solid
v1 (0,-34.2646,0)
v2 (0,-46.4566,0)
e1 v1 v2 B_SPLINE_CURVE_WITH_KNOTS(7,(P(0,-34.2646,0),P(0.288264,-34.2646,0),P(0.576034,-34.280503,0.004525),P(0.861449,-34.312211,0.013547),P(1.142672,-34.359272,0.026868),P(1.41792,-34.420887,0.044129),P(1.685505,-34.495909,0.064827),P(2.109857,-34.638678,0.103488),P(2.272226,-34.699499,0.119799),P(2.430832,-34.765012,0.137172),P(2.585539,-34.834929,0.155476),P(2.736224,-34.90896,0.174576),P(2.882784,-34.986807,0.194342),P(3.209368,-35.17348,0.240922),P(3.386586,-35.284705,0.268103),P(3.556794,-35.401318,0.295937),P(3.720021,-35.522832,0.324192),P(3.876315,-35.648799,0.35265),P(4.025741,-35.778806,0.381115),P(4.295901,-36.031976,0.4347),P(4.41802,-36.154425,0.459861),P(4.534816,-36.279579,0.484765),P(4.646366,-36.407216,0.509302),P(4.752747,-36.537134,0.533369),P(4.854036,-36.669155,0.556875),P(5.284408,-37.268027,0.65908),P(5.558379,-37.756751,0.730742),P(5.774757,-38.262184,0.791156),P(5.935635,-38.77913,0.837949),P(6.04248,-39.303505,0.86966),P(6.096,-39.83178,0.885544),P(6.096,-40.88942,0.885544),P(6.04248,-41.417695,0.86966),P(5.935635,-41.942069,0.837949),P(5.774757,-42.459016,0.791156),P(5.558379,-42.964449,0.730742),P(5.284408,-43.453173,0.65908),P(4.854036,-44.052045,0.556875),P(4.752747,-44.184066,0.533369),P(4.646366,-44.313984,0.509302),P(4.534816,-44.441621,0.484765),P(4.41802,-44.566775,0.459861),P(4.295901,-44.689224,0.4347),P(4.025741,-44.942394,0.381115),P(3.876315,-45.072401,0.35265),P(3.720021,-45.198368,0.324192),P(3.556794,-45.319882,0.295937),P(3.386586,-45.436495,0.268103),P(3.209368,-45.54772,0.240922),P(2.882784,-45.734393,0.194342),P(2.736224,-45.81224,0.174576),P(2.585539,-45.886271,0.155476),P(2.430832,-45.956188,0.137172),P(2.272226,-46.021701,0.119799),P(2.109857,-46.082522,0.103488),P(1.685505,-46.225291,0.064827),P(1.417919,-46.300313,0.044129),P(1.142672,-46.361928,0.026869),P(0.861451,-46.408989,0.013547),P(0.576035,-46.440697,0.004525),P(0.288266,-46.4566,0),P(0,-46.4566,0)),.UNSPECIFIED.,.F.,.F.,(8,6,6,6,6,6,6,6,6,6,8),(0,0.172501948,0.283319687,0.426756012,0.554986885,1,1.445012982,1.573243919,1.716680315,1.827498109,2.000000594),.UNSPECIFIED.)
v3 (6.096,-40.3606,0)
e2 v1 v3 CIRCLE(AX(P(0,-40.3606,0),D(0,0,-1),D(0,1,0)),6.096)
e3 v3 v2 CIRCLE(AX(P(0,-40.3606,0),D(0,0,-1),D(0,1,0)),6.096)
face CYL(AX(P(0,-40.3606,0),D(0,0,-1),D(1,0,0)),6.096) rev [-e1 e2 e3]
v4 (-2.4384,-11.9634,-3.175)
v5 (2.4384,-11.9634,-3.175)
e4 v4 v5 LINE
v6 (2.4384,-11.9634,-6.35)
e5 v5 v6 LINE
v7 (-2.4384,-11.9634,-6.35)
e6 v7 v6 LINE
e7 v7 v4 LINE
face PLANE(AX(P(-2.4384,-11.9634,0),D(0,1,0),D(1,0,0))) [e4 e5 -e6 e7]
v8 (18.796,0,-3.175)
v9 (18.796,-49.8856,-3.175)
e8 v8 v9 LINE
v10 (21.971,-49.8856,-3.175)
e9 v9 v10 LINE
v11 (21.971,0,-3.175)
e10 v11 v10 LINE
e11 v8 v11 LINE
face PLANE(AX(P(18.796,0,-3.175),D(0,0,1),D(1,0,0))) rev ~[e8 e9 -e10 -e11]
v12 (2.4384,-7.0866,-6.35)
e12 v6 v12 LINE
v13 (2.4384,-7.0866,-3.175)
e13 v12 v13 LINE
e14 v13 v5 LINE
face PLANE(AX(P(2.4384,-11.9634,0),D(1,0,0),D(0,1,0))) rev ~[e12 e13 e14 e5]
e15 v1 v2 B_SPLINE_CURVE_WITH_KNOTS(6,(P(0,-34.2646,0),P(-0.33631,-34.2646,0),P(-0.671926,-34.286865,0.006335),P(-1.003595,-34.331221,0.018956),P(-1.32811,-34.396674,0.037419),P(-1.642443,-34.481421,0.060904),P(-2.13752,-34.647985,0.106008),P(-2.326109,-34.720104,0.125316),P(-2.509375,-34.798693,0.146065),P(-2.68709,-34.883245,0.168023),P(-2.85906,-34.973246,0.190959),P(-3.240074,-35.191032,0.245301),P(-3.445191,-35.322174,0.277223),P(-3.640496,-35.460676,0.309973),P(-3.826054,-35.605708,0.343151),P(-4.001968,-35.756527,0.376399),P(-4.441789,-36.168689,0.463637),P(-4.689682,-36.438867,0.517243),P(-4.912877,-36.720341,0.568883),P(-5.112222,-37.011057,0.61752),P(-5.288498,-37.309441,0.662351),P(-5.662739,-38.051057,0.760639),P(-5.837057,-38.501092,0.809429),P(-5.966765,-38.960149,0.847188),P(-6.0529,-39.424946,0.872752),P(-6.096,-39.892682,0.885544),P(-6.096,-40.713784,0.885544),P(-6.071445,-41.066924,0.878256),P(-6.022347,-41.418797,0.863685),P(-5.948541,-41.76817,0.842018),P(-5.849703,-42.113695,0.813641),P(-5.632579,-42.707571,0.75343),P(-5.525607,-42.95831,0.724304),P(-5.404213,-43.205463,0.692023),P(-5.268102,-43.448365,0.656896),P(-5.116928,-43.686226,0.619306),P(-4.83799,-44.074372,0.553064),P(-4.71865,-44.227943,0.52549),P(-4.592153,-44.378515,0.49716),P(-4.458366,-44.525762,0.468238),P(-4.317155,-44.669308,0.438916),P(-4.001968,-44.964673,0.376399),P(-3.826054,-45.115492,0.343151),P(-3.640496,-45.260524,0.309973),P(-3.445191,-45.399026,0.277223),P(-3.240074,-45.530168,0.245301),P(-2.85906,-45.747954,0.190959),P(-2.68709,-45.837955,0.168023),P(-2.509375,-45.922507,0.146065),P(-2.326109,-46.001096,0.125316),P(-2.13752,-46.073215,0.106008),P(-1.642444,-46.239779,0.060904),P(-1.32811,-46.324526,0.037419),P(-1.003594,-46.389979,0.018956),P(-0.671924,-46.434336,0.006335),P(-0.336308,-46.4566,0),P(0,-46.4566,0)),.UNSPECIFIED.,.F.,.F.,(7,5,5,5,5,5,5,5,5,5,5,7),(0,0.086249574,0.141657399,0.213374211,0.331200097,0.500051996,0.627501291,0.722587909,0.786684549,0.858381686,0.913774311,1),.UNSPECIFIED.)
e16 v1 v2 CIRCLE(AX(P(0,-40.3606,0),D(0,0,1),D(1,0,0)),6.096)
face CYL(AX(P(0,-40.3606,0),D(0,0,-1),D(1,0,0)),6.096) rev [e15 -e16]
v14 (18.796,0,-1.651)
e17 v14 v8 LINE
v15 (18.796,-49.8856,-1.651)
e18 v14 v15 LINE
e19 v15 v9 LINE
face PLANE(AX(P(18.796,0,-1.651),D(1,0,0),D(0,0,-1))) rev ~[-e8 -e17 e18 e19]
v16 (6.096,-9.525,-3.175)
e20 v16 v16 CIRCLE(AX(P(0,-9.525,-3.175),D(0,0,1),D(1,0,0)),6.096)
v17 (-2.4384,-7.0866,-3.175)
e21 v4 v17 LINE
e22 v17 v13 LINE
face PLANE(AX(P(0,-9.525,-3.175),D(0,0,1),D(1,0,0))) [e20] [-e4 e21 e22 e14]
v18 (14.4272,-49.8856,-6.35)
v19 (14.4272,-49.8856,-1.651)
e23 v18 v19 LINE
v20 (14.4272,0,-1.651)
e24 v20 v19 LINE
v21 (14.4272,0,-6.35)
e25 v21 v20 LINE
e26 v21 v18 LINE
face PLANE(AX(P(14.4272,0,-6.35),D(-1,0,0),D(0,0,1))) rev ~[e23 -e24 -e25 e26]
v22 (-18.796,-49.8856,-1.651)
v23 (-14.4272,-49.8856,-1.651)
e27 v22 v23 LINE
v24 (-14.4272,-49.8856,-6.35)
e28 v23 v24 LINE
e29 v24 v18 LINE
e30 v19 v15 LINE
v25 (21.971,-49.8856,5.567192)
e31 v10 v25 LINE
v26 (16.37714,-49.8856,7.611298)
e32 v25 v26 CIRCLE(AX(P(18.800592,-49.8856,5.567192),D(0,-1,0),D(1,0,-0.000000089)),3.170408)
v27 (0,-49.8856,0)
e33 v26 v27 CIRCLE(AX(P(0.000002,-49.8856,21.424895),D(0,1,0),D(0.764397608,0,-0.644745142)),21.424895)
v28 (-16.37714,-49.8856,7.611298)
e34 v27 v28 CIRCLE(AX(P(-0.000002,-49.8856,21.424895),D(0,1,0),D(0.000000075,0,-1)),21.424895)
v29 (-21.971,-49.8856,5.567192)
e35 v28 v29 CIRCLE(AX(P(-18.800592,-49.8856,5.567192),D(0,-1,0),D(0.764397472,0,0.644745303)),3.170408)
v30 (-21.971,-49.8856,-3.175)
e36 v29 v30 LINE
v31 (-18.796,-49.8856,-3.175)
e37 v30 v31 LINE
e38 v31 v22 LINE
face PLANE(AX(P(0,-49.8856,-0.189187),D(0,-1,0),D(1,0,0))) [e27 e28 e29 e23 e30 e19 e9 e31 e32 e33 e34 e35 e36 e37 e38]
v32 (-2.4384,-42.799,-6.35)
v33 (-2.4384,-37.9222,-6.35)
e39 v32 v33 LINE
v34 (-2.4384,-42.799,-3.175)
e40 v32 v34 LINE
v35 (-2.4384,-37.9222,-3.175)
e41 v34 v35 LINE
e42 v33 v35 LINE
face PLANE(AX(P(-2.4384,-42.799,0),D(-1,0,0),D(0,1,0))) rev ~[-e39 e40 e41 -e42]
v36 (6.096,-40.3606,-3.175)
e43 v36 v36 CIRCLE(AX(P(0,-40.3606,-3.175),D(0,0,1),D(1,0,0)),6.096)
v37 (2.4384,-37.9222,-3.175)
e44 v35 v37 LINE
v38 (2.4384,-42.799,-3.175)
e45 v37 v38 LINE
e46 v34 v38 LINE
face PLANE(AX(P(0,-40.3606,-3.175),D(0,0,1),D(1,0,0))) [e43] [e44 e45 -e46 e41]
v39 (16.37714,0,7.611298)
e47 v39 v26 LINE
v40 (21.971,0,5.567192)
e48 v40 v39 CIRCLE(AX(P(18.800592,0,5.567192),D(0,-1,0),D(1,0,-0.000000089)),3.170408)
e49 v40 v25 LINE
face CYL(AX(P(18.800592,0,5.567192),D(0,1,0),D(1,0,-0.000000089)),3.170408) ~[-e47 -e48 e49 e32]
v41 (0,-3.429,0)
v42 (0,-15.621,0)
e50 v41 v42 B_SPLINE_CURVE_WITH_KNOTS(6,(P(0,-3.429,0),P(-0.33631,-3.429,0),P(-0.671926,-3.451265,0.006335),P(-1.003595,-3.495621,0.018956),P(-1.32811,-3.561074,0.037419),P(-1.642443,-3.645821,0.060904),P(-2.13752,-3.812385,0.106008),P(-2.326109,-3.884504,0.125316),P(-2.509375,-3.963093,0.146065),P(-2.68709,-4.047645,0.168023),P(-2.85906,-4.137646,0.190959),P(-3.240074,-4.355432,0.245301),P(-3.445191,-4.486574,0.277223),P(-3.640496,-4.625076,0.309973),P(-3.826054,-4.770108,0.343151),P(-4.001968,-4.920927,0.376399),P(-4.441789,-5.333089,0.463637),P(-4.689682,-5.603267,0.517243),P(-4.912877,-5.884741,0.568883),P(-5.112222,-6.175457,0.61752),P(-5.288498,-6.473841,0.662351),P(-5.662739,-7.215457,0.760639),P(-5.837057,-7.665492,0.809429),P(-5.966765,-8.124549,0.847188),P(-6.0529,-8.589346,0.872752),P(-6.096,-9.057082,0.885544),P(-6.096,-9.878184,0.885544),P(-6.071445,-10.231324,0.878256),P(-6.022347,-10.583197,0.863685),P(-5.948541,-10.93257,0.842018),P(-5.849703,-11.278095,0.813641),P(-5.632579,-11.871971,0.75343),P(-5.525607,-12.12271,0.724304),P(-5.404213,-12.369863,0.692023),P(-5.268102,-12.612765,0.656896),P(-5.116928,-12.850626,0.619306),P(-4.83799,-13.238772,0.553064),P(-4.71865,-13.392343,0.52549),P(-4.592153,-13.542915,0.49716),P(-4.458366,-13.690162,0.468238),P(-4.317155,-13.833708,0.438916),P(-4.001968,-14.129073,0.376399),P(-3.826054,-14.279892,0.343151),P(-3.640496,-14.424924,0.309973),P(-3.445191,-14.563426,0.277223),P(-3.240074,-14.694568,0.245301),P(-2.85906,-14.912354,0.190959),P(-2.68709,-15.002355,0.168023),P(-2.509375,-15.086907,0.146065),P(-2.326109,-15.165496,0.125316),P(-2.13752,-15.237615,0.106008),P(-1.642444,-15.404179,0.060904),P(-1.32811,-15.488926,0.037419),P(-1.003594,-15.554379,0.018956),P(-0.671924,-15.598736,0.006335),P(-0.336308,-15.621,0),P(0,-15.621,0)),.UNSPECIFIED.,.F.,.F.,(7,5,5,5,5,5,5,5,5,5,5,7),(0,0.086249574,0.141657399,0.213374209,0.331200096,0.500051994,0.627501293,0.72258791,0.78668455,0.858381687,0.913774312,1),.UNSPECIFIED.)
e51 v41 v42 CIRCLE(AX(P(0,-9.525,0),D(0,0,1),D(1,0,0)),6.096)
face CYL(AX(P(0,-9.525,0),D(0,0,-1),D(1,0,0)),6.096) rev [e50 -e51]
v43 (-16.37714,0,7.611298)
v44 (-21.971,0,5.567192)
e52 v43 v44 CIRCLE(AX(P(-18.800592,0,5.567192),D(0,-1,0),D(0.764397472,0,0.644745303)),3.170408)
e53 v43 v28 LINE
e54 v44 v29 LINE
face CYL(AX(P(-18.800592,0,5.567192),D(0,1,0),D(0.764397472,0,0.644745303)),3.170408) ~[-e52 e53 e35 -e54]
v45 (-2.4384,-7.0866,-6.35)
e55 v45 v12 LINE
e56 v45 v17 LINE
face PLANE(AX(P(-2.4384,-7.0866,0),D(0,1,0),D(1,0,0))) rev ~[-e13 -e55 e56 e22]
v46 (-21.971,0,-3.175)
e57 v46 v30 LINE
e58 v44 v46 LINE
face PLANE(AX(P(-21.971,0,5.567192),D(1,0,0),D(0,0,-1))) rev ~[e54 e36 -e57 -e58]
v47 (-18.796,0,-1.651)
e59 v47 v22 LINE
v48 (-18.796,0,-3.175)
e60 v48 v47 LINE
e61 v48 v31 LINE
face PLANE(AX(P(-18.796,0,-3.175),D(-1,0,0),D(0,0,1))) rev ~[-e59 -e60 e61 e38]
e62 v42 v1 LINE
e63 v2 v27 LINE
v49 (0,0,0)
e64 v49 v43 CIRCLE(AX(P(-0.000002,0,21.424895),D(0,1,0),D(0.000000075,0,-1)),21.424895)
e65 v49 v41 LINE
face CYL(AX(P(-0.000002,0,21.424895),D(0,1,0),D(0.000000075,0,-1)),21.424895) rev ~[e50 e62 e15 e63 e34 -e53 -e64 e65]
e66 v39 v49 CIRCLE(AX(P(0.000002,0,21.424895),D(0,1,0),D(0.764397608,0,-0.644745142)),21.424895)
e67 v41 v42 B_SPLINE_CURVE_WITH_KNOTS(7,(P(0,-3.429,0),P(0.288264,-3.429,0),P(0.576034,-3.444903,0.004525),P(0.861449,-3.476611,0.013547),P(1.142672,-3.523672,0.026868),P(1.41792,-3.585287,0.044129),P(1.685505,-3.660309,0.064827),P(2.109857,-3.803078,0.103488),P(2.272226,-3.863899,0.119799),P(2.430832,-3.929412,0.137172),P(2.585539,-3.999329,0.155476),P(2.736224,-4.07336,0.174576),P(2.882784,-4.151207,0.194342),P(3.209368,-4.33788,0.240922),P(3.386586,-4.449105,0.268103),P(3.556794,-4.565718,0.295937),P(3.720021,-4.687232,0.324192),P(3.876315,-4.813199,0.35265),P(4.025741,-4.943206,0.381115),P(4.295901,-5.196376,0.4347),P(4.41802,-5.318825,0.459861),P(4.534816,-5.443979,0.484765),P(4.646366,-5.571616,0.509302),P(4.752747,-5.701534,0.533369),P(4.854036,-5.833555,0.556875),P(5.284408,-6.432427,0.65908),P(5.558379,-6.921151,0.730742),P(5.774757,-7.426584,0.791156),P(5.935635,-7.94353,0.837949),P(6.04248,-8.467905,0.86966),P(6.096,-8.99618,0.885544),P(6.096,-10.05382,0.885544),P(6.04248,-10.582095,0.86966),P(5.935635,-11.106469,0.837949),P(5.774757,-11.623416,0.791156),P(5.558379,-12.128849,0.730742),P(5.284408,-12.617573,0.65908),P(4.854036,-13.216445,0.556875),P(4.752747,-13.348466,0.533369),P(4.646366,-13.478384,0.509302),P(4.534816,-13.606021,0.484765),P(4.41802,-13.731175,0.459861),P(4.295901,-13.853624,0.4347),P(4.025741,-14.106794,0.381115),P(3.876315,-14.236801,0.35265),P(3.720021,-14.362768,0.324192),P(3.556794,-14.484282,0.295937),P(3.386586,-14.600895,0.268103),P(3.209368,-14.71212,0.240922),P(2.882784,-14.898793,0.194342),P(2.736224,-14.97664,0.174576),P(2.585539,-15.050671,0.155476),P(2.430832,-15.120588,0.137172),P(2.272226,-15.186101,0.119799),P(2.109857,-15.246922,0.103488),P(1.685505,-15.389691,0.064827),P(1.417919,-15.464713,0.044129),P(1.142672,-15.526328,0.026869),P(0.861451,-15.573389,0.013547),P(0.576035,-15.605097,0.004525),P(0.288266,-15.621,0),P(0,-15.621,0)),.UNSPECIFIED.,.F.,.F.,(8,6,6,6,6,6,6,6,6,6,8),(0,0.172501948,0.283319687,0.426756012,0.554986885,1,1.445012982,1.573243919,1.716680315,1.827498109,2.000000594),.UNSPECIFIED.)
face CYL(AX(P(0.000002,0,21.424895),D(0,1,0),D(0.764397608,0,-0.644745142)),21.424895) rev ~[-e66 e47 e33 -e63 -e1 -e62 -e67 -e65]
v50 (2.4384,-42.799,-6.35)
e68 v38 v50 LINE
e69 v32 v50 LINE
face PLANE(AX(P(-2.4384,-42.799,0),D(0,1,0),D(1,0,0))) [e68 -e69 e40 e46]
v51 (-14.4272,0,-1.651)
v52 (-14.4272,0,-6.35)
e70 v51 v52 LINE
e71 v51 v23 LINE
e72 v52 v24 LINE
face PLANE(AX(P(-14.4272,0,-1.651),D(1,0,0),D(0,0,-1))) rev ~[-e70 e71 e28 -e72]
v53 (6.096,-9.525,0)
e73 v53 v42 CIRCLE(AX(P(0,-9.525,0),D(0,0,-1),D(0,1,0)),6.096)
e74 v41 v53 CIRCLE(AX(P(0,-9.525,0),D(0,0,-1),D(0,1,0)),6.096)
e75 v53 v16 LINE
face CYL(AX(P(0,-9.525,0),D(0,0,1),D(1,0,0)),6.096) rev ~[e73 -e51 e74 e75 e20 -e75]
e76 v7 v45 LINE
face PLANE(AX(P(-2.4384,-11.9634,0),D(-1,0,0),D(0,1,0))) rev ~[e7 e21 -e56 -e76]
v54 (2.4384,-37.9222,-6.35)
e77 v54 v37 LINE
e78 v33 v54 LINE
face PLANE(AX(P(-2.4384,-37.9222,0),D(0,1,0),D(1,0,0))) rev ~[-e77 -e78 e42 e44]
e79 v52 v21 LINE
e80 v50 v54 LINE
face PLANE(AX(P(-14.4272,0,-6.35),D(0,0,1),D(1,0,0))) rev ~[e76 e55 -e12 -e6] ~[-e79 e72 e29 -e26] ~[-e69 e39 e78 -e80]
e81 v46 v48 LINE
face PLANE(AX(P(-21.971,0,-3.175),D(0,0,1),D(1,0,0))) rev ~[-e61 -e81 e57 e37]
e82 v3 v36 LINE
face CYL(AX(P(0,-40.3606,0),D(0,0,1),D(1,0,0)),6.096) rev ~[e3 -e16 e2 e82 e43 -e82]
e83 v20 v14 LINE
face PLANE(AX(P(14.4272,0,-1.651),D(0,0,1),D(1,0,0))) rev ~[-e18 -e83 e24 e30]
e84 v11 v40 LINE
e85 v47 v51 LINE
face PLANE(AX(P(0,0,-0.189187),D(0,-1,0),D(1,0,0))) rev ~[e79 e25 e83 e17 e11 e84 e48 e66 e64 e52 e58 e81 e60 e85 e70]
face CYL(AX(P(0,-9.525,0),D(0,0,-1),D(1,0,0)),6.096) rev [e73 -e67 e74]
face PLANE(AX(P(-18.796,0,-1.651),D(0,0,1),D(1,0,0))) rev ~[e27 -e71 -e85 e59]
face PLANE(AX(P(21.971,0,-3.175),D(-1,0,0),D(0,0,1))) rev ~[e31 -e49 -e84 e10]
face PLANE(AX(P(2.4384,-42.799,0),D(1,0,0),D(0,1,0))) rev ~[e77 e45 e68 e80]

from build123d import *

# Parameters (mm, degrees)
F1_DEPTH      = 49.8856
F2_W          = 4.8768
F2_H          = 4.8768
F3_DEPTH      = 25.4
F3_DEPTH_BACK = 25.4
F2_R          = 6.096
F4_DEPTH      = 8.7386
F4_DEPTH_BACK = 3.175


with BuildPart() as f1:
    # F0 (on Front) → F1 (new body)
    with BuildSketch(Plane.XZ):
        with BuildLine():
            Line((-21.971, 5.567192), (-21.971, -3.175))
            Line((-21.971, -3.175), (-18.796, -3.175))
            Line((-18.796, -3.175), (-18.796, -1.651))
            Line((-18.796, -1.651), (-14.4272, -1.651))
            Line((-14.4272, -1.651), (-14.4272, -6.35))
            Line((-14.4272, -6.35), (0, -6.35))
            Line((0, -6.35), (14.4272, -6.35))
            Line((14.4272, -6.35), (14.4272, -1.651))
            Line((14.4272, -1.651), (18.796, -1.651))
            Line((18.796, -1.651), (18.796, -3.175))
            Line((18.796, -3.175), (21.971, -3.175))
            Line((21.971, -3.175), (21.971, 5.567192))
            ThreePointArc((21.971, 5.567192), (19.888745, 8.545012), (16.37714, 7.611298))
            ThreePointArc((16.37714, 7.611298), (9.029709, 1.99578), (0, 0))
            ThreePointArc((0, 0), (-9.029709, 1.99578), (-16.37714, 7.611298))
            ThreePointArc((-16.37714, 7.611298), (-19.888745, 8.545012), (-21.971, 5.567192))
        make_face()
    extrude(amount=F1_DEPTH)

    # F2 (on Top) → F3 (cut, two sides)
    with BuildSketch(Plane.XY) as f3_sk:
        with Locations((0, -9.525)):
            Rectangle(F2_W, F2_H)
        with Locations((0, -40.3606)):
            Rectangle(F2_W, F2_H)
    extrude(amount=F3_DEPTH, mode=Mode.SUBTRACT)
    extrude(f3_sk.sketch, amount=-F3_DEPTH_BACK, mode=Mode.SUBTRACT)

    # F2 (on Top) → F4 (cut, two sides)
    with BuildSketch(Plane.XY) as f4_sk:
        with Locations((0, -40.3606)):
            Circle(F2_R)
        with Locations((0, -40.3606)):
            Rectangle(F2_W, F2_H, mode=Mode.SUBTRACT)
        with Locations((0, -9.525)):
            Circle(F2_R)
        with Locations((0, -9.525)):
            Rectangle(F2_W, F2_H, mode=Mode.SUBTRACT)
        with Locations((0, -40.3606)):
            Rectangle(F2_W, F2_H)
        with Locations((0, -9.525)):
            Rectangle(F2_W, F2_H)
    extrude(amount=F4_DEPTH, mode=Mode.SUBTRACT)
    extrude(f4_sk.sketch, amount=-F4_DEPTH_BACK, mode=Mode.SUBTRACT)


solid = f1.part
